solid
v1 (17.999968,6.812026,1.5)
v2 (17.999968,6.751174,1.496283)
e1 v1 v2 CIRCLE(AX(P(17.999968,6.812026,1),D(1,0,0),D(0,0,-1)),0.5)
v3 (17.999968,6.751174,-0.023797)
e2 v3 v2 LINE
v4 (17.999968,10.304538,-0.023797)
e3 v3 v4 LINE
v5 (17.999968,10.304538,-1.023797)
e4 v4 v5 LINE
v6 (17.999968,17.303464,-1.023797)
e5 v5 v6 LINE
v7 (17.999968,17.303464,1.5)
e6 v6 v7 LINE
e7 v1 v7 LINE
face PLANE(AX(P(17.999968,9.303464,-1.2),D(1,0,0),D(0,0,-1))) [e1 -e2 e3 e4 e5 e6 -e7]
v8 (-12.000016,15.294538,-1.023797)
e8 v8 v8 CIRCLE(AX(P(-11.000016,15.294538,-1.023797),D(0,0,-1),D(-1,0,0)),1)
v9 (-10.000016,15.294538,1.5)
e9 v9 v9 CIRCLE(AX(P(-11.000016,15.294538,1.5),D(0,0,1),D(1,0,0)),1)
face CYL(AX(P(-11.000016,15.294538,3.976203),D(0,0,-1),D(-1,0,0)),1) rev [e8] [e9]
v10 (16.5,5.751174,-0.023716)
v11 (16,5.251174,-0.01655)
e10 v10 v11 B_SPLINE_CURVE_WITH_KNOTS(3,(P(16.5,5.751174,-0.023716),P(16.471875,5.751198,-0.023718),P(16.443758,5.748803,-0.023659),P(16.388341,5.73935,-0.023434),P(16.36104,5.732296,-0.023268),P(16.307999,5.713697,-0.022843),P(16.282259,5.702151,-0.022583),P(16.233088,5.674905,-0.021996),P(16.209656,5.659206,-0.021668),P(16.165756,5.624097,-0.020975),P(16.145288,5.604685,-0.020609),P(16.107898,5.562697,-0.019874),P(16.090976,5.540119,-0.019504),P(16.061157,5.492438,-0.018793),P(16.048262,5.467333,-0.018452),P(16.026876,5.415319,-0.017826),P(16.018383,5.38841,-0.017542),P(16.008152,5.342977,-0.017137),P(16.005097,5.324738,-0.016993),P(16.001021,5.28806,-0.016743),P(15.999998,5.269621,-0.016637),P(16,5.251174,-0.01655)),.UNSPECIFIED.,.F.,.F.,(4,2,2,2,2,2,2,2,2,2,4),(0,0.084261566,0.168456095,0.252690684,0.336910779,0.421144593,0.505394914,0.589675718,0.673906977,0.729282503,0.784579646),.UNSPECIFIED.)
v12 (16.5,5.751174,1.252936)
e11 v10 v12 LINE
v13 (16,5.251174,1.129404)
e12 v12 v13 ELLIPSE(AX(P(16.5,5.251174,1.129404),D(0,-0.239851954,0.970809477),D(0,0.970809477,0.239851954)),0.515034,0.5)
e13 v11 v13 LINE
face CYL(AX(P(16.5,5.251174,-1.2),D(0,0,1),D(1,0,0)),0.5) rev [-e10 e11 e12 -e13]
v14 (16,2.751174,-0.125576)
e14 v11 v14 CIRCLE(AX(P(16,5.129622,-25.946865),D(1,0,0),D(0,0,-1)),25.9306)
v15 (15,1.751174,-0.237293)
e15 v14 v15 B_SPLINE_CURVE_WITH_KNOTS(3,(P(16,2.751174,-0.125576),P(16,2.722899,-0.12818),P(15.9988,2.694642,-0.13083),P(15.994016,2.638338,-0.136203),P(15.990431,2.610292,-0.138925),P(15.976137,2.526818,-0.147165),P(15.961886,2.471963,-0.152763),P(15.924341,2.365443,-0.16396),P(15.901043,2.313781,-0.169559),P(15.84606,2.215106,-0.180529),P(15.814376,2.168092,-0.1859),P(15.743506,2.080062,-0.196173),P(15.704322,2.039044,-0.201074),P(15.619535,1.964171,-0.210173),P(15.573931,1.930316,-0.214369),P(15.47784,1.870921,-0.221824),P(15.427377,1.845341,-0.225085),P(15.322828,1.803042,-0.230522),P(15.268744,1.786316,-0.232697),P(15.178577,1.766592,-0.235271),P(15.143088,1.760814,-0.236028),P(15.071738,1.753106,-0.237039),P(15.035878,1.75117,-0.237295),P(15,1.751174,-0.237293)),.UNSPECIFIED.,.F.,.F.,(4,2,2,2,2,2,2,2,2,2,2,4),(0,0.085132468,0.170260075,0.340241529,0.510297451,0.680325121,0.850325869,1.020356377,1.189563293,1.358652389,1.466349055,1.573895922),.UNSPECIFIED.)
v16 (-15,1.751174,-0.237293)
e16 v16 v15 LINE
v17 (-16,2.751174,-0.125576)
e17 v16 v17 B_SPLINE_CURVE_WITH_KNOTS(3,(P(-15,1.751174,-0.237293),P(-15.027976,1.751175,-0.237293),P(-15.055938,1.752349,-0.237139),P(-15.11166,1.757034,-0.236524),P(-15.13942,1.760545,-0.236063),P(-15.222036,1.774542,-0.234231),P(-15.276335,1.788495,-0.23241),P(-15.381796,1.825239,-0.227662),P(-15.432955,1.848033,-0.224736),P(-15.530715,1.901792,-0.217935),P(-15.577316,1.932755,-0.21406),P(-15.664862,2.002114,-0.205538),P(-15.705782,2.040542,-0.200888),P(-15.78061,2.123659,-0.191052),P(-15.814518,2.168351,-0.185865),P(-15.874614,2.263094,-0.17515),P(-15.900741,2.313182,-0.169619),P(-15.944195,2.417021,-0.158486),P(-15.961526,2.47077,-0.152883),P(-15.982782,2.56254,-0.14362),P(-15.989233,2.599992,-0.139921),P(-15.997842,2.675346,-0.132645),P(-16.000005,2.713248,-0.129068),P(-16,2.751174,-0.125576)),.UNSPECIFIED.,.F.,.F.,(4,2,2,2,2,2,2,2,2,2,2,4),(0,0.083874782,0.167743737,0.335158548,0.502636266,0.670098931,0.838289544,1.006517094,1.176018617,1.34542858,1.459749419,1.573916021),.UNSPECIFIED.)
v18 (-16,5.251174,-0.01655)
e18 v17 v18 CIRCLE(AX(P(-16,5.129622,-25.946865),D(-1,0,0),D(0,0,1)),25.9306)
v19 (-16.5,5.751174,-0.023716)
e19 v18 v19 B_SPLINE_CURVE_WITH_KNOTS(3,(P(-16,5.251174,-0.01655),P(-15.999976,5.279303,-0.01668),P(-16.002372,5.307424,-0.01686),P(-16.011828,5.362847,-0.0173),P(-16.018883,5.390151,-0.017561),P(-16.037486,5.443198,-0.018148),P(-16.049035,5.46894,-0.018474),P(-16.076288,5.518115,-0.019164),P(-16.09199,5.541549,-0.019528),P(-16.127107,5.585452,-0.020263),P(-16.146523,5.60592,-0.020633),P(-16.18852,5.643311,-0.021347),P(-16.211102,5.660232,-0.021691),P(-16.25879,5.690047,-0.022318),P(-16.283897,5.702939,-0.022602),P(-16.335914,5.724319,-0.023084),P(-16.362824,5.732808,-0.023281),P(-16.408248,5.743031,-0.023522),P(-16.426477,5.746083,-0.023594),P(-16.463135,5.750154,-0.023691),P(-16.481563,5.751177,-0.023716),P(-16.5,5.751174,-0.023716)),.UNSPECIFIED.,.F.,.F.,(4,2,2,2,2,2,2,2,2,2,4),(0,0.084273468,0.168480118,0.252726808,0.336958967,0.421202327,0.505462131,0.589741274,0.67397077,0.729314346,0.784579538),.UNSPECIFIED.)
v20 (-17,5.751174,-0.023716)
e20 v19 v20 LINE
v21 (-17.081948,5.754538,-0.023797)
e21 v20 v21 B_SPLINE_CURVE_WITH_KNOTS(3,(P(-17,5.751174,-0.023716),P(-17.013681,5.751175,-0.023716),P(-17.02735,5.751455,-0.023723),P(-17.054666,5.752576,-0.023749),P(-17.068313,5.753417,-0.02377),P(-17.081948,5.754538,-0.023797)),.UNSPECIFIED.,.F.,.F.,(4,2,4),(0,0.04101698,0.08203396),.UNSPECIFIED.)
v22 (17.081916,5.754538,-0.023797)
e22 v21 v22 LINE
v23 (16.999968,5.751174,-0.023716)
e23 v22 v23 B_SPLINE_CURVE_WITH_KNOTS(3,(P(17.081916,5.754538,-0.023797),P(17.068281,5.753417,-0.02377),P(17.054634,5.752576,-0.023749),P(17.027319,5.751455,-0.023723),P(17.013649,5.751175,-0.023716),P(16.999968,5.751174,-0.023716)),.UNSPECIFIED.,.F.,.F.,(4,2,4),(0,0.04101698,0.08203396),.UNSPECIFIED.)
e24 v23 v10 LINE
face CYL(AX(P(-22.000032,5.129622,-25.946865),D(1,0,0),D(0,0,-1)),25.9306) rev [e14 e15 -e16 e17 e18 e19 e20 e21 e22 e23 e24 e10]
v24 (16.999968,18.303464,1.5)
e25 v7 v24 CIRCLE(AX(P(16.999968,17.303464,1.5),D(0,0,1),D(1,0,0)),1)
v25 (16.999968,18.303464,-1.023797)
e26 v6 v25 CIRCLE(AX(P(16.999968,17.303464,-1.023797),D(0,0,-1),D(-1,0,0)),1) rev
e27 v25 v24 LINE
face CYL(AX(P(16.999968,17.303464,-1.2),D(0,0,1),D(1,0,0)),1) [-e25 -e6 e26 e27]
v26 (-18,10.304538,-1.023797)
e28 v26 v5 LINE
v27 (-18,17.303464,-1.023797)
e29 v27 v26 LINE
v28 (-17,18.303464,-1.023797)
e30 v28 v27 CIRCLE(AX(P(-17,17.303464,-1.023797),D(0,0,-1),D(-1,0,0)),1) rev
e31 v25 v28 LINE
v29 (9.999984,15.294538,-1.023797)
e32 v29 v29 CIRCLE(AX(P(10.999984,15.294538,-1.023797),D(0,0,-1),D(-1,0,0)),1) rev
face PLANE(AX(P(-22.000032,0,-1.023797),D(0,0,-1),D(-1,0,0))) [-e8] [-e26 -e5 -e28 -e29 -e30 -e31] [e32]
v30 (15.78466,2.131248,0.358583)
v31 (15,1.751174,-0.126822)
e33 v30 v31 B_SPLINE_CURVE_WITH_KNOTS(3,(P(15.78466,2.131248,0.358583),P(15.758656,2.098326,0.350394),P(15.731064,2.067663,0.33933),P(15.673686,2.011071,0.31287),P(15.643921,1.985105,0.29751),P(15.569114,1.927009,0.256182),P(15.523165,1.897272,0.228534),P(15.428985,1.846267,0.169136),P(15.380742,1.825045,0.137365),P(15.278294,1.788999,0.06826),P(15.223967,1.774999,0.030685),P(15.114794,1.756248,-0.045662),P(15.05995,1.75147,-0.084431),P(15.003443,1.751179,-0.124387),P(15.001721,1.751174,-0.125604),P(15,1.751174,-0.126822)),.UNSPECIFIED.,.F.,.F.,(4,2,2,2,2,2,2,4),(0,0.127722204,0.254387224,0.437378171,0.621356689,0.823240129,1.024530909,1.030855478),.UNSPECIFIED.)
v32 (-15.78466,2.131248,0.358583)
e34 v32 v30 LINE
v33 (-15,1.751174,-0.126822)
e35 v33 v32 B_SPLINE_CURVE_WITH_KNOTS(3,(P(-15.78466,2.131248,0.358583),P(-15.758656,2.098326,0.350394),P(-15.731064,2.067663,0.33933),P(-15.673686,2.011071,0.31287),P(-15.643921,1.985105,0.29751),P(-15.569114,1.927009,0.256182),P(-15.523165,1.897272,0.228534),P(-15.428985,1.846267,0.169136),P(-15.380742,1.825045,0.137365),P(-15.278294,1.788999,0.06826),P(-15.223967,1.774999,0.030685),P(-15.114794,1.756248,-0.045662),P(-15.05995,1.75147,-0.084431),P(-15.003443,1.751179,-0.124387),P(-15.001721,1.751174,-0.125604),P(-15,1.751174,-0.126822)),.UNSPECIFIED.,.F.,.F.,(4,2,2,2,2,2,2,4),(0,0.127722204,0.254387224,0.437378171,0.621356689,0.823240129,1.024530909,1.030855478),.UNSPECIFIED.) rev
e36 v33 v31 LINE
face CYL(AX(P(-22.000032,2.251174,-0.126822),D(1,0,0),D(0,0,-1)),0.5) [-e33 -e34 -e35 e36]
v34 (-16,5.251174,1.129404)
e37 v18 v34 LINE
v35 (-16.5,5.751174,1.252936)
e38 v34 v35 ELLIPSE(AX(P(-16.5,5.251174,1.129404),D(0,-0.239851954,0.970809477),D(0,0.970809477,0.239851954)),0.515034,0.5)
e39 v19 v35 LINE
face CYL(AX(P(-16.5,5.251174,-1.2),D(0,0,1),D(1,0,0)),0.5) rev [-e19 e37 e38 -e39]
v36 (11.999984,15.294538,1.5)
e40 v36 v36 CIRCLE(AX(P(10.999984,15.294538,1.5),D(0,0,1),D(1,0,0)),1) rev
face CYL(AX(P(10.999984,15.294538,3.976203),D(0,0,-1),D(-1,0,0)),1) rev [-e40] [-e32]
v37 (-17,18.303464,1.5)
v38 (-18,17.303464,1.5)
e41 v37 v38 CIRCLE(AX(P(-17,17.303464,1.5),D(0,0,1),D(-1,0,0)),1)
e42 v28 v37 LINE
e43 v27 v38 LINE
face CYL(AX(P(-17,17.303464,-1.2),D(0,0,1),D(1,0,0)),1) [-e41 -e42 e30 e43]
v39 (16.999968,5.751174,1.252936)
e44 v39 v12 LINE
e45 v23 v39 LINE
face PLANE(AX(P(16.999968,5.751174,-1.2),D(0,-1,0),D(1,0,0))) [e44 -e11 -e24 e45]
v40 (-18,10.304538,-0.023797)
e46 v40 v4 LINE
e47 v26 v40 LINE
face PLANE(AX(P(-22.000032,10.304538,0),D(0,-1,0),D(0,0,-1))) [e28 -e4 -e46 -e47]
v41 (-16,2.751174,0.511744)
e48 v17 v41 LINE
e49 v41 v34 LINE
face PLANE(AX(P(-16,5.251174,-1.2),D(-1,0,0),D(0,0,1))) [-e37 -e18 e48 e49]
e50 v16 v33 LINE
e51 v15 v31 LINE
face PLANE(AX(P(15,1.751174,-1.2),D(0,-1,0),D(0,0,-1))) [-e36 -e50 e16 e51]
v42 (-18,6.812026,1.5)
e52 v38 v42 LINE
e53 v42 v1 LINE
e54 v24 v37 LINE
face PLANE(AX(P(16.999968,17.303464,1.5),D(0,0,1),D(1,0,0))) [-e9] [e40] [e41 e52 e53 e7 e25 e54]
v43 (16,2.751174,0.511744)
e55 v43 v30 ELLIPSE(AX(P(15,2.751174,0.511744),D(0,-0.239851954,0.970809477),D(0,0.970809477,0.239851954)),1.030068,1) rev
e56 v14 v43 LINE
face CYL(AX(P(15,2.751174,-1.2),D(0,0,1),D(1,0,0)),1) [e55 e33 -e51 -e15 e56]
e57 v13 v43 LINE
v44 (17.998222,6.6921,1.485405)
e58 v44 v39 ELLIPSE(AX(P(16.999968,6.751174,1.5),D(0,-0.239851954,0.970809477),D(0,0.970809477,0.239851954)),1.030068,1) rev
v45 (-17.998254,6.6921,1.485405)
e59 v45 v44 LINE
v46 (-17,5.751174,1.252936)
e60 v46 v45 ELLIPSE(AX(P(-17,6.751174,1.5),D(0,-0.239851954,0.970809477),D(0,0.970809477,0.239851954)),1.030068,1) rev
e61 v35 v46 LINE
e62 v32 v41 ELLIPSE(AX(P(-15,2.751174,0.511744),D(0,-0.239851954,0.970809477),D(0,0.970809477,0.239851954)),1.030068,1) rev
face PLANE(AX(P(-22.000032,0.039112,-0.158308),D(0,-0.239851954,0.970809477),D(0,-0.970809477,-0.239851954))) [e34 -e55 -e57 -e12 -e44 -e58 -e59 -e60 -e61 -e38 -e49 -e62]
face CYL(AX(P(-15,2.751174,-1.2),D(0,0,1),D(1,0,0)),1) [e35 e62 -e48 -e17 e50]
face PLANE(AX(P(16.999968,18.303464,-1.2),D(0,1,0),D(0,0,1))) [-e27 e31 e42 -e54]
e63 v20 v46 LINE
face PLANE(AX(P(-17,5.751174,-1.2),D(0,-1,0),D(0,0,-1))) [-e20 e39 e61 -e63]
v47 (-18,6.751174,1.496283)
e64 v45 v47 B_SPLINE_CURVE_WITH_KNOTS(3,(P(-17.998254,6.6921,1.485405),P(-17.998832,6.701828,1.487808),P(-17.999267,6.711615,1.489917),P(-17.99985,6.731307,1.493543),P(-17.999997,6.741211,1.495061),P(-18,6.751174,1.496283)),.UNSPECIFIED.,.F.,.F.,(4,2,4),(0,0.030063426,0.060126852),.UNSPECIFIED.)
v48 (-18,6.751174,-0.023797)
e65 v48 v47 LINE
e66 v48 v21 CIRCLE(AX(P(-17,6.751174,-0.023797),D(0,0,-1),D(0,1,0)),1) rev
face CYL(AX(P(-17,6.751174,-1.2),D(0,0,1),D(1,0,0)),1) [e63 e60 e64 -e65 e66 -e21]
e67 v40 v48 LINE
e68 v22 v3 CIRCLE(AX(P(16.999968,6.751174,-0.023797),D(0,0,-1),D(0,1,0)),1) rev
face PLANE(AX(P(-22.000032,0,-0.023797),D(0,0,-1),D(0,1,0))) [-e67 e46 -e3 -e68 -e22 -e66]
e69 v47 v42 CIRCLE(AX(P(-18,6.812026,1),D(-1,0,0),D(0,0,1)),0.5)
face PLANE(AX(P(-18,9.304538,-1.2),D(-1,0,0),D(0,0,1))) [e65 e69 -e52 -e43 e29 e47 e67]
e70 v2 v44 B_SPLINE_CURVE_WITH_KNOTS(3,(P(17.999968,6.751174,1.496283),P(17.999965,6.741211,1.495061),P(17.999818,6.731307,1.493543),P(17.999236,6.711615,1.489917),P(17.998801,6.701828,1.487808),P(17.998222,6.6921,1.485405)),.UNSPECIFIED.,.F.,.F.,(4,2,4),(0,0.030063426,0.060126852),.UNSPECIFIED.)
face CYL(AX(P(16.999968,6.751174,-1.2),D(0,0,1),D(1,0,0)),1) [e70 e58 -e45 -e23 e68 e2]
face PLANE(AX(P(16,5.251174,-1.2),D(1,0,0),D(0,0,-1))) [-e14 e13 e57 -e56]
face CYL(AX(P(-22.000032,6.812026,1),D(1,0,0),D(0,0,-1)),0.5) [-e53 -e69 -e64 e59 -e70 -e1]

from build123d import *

# Parameters (mm, degrees)
BOSS_EXTRUDE1_DEPTH      = 1.5
BOSS_EXTRUDE1_DEPTH_BACK = 1.2
CUT_EXTRUDE1_DEPTH       = 40
SKETCH11_R               = 1
CUT_EXTRUDE2_DEPTH       = 5


with BuildPart() as part:
    # Sketch1 → Boss-Extrude1 (new body, two sides)
    with BuildSketch(Plane.XY) as boss_extrude1_sk:
        with BuildLine():
            Line((-17.999999991, 9.304537824), (-17.999999991, 10.304506021))
            Line((-17.999999991, 10.304506021), (-17.999999991, 17.303464443))
            ThreePointArc((-17.999999991, 17.303464443), (-17.707106772, 18.010571225), (-16.999999991, 18.303464443))
            Line((-16.999999991, 18.303464443), (16.999968161, 18.303464443))
            ThreePointArc((16.999968161, 18.303464443), (17.707074942, 18.010571225), (17.999968161, 17.303464443))
            Line((17.999968161, 17.303464443), (17.999968161, 9.303464443))
            Line((17.999968161, 9.303464443), (17.999968161, 6.751174458))
            ThreePointArc((17.999968161, 6.751174458), (17.707074942, 6.044067677), (16.999968161, 5.751174458))
            Line((16.999968161, 5.751174458), (16.499999991, 5.751174458))
            ThreePointArc((16.499999991, 5.751174458), (16.1464466, 5.604727849), (15.999999991, 5.251174458))
            Line((15.999999991, 5.251174458), (15.999999991, 2.751174458))
            ThreePointArc((15.999999991, 2.751174458), (15.707106772, 2.044067677), (14.999999991, 1.751174458))
            Line((14.999999991, 1.751174458), (-14.999999991, 1.751174458))
            ThreePointArc((-14.999999991, 1.751174458), (-15.707106772, 2.044067677), (-15.999999991, 2.751174458))
            Line((-15.999999991, 2.751174458), (-15.999999991, 5.251174458))
            ThreePointArc((-15.999999991, 5.251174458), (-16.1464466, 5.604727849), (-16.499999991, 5.751174458))
            Line((-16.499999991, 5.751174458), (-16.999999991, 5.751174458))
            ThreePointArc((-16.999999991, 5.751174458), (-17.707106772, 6.044067677), (-17.999999991, 6.751174458))
            Line((-17.999999991, 6.751174458), (-17.999999991, 9.304537824))
        make_face()
    extrude(amount=BOSS_EXTRUDE1_DEPTH)
    extrude(boss_extrude1_sk.sketch, amount=-BOSS_EXTRUDE1_DEPTH_BACK)

    # Sketch3 → Cut-Extrude1 (cut)
    with BuildSketch(Plane(origin=(17.999968161, 0, 0), x_dir=(0, 0, -1), z_dir=(1, 0, 0))):
        with BuildLine():
            Line((0.023796664, 6.751174458), (0.023796664, 5.754537824))
            ThreePointArc((0.023796664, 5.754537824), (0.053060483, 3.748723952), (0.23729316, 1.751174458))
            Line((0.23729316, 1.751174458), (1.2708887, 1.751174458))
            Line((1.2708887, 1.751174458), (1.2708887, 10.304537824))
            Line((1.2708887, 10.304537824), (1.2708887, 10.30507849))
            ThreePointArc((1.2708887, 10.30507849), (7.212872074, 16.614024598), (1.023796664, 22.680762846))
            Line((1.023796664, 22.680762846), (1.023796664, 17.303464443))
            Line((1.023796664, 17.303464443), (1.2, 17.303464443))
            Line((1.2, 17.303464443), (1.2, 6.751174458))
            Line((1.2, 6.751174458), (0.023796664, 6.751174458))
        make_face()
        Polygon((0.023796664, 10.304537824), (0.023796664, 6.751174458), (1.2, 6.751174458), (1.2, 17.303464443), (1.023796664, 17.303464443), (1.023796664, 10.304537824), align=None)
        with BuildLine():
            ThreePointArc((-1.485404738, 6.692099607), (-1.491731963, 6.721473521), (-1.496283327, 6.751174458))
            Line((-1.496283327, 6.751174458), (-1.5, 6.751174458))
            Line((-1.5, 6.751174458), (-1.5, 1.751174458))
            Line((-1.5, 1.751174458), (0.126821568, 1.751174458))
            ThreePointArc((0.126821568, 1.751174458), (-0.181429151, 1.857497567), (-0.358583171, 2.131248481))
            Line((-0.358583171, 2.131248481), (-1.485404738, 6.692099607))
        make_face()
        with BuildLine():
            Line((-1.5, 6.751174458), (-1.496283327, 6.751174458))
            ThreePointArc((-1.496283327, 6.751174458), (-1.499069967, 6.781543322), (-1.5, 6.812025585))
            Line((-1.5, 6.812025585), (-1.5, 6.751174458))
        make_face()
    extrude(amount=-CUT_EXTRUDE1_DEPTH, mode=Mode.SUBTRACT)

    # Sketch11 → Cut-Extrude2 (cut)
    with BuildSketch(Plane(origin=(0, 0, -1.023796664), x_dir=(-1, 0, 0), z_dir=(0, 0, -1))):
        with Locations((11.000015915, 15.294537824)):
            Circle(SKETCH11_R)
        with Locations((-10.999984085, 15.294537824)):
            Circle(SKETCH11_R)
    extrude(amount=-CUT_EXTRUDE2_DEPTH, mode=Mode.SUBTRACT)


solid = part.part
